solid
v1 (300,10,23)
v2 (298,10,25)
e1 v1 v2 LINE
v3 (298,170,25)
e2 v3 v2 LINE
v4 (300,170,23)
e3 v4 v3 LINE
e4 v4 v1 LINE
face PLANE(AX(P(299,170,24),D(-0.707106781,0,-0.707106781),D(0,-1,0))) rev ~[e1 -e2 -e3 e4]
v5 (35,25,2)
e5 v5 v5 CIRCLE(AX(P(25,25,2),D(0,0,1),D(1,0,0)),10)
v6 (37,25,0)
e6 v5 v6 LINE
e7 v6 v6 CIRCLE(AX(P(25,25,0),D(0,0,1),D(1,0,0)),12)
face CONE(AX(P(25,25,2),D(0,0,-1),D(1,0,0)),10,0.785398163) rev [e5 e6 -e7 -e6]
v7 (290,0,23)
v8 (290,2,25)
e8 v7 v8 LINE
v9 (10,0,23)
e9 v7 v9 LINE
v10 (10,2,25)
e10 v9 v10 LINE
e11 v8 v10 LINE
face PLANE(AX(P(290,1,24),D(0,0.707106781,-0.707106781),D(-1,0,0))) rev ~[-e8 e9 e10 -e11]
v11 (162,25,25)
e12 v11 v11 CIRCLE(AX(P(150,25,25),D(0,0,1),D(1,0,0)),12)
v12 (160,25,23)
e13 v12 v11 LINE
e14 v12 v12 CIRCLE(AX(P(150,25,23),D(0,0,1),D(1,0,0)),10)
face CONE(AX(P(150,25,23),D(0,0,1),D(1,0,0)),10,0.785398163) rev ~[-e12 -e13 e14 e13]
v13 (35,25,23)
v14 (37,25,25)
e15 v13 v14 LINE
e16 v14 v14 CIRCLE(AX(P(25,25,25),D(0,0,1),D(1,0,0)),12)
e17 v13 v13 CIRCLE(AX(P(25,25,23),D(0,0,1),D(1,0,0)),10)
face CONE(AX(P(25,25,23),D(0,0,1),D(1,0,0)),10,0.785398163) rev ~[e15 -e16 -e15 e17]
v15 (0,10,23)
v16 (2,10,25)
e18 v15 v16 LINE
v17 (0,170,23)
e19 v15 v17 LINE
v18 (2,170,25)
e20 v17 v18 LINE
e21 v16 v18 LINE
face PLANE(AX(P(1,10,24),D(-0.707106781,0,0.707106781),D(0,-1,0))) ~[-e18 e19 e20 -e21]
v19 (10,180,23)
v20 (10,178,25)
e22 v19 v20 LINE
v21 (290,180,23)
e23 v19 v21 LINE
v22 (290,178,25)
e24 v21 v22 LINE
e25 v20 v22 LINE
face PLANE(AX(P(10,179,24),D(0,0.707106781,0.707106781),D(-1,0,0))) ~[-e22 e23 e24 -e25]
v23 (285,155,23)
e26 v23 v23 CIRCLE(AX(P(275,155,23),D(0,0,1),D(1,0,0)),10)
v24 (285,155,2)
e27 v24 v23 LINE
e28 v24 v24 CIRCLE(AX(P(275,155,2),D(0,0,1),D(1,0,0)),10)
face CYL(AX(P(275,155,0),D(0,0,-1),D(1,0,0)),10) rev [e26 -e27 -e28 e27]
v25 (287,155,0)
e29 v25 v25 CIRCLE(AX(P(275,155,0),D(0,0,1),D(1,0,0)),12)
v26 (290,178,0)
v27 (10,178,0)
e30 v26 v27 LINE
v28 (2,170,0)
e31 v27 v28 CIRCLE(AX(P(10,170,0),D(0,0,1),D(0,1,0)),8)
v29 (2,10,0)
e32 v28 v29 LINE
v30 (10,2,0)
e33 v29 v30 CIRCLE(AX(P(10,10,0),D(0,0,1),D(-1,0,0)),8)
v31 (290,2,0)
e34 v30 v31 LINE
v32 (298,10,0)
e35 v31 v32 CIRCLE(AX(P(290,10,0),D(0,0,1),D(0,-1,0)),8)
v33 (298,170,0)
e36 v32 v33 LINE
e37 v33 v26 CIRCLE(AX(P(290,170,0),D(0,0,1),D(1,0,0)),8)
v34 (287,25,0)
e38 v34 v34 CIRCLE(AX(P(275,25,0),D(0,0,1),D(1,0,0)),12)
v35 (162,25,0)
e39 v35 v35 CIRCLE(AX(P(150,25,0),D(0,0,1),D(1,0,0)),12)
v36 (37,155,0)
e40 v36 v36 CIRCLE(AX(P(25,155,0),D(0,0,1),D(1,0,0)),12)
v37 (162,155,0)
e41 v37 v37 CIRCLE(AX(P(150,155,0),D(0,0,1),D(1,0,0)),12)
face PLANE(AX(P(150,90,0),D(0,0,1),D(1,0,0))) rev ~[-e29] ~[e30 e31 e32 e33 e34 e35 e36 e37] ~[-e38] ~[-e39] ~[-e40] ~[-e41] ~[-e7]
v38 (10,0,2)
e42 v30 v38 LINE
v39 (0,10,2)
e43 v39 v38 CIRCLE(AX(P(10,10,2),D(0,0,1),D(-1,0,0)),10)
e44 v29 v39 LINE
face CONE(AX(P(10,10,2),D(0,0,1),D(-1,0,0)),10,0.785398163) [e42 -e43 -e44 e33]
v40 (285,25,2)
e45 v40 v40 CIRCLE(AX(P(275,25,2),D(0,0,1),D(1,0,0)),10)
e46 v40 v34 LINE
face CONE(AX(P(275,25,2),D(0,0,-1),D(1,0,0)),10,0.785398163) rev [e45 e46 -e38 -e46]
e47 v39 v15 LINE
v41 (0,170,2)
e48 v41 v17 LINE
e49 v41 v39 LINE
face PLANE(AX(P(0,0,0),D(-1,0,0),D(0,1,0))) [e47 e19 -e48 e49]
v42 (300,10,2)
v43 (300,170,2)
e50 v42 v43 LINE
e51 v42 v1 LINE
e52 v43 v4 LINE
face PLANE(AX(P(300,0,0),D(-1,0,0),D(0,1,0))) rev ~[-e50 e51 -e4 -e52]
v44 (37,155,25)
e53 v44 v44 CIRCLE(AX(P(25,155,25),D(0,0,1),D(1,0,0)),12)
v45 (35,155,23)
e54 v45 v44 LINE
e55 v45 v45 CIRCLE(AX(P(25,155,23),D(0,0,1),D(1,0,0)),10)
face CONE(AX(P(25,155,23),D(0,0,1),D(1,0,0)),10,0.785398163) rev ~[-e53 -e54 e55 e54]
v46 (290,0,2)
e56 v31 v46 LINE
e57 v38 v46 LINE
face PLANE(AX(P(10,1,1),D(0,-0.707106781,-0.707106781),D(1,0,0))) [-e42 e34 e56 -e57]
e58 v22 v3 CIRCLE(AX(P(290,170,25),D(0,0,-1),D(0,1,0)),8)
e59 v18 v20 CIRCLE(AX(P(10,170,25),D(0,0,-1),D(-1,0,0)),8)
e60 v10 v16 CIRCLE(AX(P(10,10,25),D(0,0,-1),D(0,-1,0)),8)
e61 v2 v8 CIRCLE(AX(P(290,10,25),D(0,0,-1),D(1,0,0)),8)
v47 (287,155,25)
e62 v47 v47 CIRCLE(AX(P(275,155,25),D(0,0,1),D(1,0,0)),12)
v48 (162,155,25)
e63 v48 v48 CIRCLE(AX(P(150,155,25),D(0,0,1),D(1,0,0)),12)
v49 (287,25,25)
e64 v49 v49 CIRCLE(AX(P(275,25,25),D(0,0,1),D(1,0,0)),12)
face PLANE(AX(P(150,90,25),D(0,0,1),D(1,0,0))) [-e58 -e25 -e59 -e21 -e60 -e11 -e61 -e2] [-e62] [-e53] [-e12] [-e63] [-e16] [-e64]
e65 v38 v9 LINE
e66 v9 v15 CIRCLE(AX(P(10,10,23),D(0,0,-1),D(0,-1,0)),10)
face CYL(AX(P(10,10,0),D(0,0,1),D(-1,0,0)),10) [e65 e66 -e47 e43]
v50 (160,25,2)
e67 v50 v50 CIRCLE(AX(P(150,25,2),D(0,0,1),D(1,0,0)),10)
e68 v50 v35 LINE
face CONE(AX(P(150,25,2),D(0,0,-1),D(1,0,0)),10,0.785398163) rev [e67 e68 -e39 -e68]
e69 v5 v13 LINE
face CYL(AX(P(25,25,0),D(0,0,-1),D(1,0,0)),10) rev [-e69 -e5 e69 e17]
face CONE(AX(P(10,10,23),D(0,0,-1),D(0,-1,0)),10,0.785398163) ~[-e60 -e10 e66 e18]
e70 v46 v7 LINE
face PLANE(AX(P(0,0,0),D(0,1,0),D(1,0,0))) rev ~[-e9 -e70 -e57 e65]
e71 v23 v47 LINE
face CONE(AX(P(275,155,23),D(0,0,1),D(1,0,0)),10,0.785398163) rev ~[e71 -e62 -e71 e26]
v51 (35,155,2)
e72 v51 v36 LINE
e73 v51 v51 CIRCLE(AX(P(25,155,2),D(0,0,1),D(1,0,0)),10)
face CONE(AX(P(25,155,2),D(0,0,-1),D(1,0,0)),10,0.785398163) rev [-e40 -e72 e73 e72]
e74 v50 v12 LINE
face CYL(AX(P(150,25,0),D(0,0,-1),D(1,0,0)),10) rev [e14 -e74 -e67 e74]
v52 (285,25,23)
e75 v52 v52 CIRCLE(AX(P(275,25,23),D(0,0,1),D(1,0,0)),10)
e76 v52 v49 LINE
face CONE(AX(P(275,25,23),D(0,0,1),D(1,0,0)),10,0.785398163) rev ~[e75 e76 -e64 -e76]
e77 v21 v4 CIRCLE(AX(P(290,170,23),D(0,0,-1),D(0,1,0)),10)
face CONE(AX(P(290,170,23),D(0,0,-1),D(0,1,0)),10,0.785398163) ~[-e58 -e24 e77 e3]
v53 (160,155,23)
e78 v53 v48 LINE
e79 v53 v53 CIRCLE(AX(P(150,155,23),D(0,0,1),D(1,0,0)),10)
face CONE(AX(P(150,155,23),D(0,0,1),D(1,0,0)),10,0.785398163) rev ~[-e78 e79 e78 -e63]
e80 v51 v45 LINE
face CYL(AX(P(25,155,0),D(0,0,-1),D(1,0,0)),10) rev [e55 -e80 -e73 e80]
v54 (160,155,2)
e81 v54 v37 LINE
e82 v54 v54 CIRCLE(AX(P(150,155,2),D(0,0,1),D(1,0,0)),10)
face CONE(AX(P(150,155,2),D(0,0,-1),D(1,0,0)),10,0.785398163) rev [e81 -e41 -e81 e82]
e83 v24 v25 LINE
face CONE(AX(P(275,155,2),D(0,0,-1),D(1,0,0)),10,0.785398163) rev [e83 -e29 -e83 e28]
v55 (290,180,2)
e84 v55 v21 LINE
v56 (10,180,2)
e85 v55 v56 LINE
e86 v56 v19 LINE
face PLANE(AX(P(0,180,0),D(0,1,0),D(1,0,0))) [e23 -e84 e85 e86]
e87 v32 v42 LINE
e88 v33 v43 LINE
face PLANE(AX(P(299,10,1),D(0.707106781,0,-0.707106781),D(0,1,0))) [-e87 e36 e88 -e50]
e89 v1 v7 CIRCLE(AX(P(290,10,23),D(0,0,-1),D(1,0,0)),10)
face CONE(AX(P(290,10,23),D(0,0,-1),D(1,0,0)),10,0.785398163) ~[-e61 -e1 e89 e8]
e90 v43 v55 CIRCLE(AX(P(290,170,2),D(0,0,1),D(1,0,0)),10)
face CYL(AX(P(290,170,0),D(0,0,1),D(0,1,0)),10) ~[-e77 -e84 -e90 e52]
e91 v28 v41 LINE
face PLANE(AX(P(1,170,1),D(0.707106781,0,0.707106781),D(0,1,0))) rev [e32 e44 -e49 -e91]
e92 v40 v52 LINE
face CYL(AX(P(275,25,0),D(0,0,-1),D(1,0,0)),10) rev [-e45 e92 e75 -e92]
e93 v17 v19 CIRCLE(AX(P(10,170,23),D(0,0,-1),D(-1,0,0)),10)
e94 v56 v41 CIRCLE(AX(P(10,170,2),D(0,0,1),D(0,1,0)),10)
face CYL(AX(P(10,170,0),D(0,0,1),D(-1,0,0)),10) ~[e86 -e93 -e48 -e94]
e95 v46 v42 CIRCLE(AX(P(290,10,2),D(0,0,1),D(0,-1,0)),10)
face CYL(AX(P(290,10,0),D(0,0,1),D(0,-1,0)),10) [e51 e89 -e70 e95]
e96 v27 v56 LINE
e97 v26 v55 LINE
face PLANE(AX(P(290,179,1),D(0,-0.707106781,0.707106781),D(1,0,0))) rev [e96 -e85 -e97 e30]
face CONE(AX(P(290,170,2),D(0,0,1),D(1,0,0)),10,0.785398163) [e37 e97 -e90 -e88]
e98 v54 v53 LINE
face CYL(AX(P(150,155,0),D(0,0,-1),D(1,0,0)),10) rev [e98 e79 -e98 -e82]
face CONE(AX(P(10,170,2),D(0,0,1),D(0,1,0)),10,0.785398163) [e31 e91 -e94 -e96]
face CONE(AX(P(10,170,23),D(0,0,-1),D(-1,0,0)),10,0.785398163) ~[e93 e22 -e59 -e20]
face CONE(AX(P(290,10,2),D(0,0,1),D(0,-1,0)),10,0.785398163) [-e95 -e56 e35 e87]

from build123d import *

# Parameters (mm, degrees)
F0_W     = 300
F0_H     = 180
F0_R     = 10
F1_DEPTH = 25
F2_SIZE2 = 2
F2_SIZE  = 2
F3_R     = 10
F4_SIZE2 = 2
F4_SIZE  = 2


with BuildPart() as f1:
    # F0 (on Top) → F1 (new body)
    with BuildSketch(Plane.XY):
        with Locations((150, 90)):
            Rectangle(F0_W, F0_H)
        with Locations((25, 25)):
            Circle(F0_R, mode=Mode.SUBTRACT)
        with Locations((150, 25)):
            Circle(F0_R, mode=Mode.SUBTRACT)
        with Locations((275, 25)):
            Circle(F0_R, mode=Mode.SUBTRACT)
        with Locations((25, 155)):
            Circle(F0_R, mode=Mode.SUBTRACT)
        with Locations((150, 155)):
            Circle(F0_R, mode=Mode.SUBTRACT)
        with Locations((275, 155)):
            Circle(F0_R, mode=Mode.SUBTRACT)
    extrude(amount=F1_DEPTH)

    # F2
    f2_edges = [f1.edges().sort_by_distance(p)[0] for p in [
        (15, 155, 25),
        (15, 25, 25),
        (140, 25, 25),
        (140, 155, 25),
        (265, 155, 25),
        (265, 25, 25),
        (265, 25, 0),
        (265, 155, 0),
        (140, 155, 0),
        (140, 25, 0),
        (15, 25, 0),
        (15, 155, 0),
    ]]
    chamfer(f2_edges, length=F2_SIZE, length2=F2_SIZE2)

    # F3
    f3_edges = [f1.edges().sort_by_distance(p)[0] for p in [
        (0, 0, 12.5),
        (0, 180, 12.5),
        (300, 0, 12.5),
        (300, 180, 12.5),
    ]]
    fillet(f3_edges, radius=F3_R)

    # F4
    f4_edges = [f1.edges().sort_by_distance(p)[0] for p in [
        (150, 180, 25),
        (150, 0, 0),
    ]]
    chamfer(f4_edges, length=F4_SIZE, length2=F4_SIZE2)


solid = f1.part
